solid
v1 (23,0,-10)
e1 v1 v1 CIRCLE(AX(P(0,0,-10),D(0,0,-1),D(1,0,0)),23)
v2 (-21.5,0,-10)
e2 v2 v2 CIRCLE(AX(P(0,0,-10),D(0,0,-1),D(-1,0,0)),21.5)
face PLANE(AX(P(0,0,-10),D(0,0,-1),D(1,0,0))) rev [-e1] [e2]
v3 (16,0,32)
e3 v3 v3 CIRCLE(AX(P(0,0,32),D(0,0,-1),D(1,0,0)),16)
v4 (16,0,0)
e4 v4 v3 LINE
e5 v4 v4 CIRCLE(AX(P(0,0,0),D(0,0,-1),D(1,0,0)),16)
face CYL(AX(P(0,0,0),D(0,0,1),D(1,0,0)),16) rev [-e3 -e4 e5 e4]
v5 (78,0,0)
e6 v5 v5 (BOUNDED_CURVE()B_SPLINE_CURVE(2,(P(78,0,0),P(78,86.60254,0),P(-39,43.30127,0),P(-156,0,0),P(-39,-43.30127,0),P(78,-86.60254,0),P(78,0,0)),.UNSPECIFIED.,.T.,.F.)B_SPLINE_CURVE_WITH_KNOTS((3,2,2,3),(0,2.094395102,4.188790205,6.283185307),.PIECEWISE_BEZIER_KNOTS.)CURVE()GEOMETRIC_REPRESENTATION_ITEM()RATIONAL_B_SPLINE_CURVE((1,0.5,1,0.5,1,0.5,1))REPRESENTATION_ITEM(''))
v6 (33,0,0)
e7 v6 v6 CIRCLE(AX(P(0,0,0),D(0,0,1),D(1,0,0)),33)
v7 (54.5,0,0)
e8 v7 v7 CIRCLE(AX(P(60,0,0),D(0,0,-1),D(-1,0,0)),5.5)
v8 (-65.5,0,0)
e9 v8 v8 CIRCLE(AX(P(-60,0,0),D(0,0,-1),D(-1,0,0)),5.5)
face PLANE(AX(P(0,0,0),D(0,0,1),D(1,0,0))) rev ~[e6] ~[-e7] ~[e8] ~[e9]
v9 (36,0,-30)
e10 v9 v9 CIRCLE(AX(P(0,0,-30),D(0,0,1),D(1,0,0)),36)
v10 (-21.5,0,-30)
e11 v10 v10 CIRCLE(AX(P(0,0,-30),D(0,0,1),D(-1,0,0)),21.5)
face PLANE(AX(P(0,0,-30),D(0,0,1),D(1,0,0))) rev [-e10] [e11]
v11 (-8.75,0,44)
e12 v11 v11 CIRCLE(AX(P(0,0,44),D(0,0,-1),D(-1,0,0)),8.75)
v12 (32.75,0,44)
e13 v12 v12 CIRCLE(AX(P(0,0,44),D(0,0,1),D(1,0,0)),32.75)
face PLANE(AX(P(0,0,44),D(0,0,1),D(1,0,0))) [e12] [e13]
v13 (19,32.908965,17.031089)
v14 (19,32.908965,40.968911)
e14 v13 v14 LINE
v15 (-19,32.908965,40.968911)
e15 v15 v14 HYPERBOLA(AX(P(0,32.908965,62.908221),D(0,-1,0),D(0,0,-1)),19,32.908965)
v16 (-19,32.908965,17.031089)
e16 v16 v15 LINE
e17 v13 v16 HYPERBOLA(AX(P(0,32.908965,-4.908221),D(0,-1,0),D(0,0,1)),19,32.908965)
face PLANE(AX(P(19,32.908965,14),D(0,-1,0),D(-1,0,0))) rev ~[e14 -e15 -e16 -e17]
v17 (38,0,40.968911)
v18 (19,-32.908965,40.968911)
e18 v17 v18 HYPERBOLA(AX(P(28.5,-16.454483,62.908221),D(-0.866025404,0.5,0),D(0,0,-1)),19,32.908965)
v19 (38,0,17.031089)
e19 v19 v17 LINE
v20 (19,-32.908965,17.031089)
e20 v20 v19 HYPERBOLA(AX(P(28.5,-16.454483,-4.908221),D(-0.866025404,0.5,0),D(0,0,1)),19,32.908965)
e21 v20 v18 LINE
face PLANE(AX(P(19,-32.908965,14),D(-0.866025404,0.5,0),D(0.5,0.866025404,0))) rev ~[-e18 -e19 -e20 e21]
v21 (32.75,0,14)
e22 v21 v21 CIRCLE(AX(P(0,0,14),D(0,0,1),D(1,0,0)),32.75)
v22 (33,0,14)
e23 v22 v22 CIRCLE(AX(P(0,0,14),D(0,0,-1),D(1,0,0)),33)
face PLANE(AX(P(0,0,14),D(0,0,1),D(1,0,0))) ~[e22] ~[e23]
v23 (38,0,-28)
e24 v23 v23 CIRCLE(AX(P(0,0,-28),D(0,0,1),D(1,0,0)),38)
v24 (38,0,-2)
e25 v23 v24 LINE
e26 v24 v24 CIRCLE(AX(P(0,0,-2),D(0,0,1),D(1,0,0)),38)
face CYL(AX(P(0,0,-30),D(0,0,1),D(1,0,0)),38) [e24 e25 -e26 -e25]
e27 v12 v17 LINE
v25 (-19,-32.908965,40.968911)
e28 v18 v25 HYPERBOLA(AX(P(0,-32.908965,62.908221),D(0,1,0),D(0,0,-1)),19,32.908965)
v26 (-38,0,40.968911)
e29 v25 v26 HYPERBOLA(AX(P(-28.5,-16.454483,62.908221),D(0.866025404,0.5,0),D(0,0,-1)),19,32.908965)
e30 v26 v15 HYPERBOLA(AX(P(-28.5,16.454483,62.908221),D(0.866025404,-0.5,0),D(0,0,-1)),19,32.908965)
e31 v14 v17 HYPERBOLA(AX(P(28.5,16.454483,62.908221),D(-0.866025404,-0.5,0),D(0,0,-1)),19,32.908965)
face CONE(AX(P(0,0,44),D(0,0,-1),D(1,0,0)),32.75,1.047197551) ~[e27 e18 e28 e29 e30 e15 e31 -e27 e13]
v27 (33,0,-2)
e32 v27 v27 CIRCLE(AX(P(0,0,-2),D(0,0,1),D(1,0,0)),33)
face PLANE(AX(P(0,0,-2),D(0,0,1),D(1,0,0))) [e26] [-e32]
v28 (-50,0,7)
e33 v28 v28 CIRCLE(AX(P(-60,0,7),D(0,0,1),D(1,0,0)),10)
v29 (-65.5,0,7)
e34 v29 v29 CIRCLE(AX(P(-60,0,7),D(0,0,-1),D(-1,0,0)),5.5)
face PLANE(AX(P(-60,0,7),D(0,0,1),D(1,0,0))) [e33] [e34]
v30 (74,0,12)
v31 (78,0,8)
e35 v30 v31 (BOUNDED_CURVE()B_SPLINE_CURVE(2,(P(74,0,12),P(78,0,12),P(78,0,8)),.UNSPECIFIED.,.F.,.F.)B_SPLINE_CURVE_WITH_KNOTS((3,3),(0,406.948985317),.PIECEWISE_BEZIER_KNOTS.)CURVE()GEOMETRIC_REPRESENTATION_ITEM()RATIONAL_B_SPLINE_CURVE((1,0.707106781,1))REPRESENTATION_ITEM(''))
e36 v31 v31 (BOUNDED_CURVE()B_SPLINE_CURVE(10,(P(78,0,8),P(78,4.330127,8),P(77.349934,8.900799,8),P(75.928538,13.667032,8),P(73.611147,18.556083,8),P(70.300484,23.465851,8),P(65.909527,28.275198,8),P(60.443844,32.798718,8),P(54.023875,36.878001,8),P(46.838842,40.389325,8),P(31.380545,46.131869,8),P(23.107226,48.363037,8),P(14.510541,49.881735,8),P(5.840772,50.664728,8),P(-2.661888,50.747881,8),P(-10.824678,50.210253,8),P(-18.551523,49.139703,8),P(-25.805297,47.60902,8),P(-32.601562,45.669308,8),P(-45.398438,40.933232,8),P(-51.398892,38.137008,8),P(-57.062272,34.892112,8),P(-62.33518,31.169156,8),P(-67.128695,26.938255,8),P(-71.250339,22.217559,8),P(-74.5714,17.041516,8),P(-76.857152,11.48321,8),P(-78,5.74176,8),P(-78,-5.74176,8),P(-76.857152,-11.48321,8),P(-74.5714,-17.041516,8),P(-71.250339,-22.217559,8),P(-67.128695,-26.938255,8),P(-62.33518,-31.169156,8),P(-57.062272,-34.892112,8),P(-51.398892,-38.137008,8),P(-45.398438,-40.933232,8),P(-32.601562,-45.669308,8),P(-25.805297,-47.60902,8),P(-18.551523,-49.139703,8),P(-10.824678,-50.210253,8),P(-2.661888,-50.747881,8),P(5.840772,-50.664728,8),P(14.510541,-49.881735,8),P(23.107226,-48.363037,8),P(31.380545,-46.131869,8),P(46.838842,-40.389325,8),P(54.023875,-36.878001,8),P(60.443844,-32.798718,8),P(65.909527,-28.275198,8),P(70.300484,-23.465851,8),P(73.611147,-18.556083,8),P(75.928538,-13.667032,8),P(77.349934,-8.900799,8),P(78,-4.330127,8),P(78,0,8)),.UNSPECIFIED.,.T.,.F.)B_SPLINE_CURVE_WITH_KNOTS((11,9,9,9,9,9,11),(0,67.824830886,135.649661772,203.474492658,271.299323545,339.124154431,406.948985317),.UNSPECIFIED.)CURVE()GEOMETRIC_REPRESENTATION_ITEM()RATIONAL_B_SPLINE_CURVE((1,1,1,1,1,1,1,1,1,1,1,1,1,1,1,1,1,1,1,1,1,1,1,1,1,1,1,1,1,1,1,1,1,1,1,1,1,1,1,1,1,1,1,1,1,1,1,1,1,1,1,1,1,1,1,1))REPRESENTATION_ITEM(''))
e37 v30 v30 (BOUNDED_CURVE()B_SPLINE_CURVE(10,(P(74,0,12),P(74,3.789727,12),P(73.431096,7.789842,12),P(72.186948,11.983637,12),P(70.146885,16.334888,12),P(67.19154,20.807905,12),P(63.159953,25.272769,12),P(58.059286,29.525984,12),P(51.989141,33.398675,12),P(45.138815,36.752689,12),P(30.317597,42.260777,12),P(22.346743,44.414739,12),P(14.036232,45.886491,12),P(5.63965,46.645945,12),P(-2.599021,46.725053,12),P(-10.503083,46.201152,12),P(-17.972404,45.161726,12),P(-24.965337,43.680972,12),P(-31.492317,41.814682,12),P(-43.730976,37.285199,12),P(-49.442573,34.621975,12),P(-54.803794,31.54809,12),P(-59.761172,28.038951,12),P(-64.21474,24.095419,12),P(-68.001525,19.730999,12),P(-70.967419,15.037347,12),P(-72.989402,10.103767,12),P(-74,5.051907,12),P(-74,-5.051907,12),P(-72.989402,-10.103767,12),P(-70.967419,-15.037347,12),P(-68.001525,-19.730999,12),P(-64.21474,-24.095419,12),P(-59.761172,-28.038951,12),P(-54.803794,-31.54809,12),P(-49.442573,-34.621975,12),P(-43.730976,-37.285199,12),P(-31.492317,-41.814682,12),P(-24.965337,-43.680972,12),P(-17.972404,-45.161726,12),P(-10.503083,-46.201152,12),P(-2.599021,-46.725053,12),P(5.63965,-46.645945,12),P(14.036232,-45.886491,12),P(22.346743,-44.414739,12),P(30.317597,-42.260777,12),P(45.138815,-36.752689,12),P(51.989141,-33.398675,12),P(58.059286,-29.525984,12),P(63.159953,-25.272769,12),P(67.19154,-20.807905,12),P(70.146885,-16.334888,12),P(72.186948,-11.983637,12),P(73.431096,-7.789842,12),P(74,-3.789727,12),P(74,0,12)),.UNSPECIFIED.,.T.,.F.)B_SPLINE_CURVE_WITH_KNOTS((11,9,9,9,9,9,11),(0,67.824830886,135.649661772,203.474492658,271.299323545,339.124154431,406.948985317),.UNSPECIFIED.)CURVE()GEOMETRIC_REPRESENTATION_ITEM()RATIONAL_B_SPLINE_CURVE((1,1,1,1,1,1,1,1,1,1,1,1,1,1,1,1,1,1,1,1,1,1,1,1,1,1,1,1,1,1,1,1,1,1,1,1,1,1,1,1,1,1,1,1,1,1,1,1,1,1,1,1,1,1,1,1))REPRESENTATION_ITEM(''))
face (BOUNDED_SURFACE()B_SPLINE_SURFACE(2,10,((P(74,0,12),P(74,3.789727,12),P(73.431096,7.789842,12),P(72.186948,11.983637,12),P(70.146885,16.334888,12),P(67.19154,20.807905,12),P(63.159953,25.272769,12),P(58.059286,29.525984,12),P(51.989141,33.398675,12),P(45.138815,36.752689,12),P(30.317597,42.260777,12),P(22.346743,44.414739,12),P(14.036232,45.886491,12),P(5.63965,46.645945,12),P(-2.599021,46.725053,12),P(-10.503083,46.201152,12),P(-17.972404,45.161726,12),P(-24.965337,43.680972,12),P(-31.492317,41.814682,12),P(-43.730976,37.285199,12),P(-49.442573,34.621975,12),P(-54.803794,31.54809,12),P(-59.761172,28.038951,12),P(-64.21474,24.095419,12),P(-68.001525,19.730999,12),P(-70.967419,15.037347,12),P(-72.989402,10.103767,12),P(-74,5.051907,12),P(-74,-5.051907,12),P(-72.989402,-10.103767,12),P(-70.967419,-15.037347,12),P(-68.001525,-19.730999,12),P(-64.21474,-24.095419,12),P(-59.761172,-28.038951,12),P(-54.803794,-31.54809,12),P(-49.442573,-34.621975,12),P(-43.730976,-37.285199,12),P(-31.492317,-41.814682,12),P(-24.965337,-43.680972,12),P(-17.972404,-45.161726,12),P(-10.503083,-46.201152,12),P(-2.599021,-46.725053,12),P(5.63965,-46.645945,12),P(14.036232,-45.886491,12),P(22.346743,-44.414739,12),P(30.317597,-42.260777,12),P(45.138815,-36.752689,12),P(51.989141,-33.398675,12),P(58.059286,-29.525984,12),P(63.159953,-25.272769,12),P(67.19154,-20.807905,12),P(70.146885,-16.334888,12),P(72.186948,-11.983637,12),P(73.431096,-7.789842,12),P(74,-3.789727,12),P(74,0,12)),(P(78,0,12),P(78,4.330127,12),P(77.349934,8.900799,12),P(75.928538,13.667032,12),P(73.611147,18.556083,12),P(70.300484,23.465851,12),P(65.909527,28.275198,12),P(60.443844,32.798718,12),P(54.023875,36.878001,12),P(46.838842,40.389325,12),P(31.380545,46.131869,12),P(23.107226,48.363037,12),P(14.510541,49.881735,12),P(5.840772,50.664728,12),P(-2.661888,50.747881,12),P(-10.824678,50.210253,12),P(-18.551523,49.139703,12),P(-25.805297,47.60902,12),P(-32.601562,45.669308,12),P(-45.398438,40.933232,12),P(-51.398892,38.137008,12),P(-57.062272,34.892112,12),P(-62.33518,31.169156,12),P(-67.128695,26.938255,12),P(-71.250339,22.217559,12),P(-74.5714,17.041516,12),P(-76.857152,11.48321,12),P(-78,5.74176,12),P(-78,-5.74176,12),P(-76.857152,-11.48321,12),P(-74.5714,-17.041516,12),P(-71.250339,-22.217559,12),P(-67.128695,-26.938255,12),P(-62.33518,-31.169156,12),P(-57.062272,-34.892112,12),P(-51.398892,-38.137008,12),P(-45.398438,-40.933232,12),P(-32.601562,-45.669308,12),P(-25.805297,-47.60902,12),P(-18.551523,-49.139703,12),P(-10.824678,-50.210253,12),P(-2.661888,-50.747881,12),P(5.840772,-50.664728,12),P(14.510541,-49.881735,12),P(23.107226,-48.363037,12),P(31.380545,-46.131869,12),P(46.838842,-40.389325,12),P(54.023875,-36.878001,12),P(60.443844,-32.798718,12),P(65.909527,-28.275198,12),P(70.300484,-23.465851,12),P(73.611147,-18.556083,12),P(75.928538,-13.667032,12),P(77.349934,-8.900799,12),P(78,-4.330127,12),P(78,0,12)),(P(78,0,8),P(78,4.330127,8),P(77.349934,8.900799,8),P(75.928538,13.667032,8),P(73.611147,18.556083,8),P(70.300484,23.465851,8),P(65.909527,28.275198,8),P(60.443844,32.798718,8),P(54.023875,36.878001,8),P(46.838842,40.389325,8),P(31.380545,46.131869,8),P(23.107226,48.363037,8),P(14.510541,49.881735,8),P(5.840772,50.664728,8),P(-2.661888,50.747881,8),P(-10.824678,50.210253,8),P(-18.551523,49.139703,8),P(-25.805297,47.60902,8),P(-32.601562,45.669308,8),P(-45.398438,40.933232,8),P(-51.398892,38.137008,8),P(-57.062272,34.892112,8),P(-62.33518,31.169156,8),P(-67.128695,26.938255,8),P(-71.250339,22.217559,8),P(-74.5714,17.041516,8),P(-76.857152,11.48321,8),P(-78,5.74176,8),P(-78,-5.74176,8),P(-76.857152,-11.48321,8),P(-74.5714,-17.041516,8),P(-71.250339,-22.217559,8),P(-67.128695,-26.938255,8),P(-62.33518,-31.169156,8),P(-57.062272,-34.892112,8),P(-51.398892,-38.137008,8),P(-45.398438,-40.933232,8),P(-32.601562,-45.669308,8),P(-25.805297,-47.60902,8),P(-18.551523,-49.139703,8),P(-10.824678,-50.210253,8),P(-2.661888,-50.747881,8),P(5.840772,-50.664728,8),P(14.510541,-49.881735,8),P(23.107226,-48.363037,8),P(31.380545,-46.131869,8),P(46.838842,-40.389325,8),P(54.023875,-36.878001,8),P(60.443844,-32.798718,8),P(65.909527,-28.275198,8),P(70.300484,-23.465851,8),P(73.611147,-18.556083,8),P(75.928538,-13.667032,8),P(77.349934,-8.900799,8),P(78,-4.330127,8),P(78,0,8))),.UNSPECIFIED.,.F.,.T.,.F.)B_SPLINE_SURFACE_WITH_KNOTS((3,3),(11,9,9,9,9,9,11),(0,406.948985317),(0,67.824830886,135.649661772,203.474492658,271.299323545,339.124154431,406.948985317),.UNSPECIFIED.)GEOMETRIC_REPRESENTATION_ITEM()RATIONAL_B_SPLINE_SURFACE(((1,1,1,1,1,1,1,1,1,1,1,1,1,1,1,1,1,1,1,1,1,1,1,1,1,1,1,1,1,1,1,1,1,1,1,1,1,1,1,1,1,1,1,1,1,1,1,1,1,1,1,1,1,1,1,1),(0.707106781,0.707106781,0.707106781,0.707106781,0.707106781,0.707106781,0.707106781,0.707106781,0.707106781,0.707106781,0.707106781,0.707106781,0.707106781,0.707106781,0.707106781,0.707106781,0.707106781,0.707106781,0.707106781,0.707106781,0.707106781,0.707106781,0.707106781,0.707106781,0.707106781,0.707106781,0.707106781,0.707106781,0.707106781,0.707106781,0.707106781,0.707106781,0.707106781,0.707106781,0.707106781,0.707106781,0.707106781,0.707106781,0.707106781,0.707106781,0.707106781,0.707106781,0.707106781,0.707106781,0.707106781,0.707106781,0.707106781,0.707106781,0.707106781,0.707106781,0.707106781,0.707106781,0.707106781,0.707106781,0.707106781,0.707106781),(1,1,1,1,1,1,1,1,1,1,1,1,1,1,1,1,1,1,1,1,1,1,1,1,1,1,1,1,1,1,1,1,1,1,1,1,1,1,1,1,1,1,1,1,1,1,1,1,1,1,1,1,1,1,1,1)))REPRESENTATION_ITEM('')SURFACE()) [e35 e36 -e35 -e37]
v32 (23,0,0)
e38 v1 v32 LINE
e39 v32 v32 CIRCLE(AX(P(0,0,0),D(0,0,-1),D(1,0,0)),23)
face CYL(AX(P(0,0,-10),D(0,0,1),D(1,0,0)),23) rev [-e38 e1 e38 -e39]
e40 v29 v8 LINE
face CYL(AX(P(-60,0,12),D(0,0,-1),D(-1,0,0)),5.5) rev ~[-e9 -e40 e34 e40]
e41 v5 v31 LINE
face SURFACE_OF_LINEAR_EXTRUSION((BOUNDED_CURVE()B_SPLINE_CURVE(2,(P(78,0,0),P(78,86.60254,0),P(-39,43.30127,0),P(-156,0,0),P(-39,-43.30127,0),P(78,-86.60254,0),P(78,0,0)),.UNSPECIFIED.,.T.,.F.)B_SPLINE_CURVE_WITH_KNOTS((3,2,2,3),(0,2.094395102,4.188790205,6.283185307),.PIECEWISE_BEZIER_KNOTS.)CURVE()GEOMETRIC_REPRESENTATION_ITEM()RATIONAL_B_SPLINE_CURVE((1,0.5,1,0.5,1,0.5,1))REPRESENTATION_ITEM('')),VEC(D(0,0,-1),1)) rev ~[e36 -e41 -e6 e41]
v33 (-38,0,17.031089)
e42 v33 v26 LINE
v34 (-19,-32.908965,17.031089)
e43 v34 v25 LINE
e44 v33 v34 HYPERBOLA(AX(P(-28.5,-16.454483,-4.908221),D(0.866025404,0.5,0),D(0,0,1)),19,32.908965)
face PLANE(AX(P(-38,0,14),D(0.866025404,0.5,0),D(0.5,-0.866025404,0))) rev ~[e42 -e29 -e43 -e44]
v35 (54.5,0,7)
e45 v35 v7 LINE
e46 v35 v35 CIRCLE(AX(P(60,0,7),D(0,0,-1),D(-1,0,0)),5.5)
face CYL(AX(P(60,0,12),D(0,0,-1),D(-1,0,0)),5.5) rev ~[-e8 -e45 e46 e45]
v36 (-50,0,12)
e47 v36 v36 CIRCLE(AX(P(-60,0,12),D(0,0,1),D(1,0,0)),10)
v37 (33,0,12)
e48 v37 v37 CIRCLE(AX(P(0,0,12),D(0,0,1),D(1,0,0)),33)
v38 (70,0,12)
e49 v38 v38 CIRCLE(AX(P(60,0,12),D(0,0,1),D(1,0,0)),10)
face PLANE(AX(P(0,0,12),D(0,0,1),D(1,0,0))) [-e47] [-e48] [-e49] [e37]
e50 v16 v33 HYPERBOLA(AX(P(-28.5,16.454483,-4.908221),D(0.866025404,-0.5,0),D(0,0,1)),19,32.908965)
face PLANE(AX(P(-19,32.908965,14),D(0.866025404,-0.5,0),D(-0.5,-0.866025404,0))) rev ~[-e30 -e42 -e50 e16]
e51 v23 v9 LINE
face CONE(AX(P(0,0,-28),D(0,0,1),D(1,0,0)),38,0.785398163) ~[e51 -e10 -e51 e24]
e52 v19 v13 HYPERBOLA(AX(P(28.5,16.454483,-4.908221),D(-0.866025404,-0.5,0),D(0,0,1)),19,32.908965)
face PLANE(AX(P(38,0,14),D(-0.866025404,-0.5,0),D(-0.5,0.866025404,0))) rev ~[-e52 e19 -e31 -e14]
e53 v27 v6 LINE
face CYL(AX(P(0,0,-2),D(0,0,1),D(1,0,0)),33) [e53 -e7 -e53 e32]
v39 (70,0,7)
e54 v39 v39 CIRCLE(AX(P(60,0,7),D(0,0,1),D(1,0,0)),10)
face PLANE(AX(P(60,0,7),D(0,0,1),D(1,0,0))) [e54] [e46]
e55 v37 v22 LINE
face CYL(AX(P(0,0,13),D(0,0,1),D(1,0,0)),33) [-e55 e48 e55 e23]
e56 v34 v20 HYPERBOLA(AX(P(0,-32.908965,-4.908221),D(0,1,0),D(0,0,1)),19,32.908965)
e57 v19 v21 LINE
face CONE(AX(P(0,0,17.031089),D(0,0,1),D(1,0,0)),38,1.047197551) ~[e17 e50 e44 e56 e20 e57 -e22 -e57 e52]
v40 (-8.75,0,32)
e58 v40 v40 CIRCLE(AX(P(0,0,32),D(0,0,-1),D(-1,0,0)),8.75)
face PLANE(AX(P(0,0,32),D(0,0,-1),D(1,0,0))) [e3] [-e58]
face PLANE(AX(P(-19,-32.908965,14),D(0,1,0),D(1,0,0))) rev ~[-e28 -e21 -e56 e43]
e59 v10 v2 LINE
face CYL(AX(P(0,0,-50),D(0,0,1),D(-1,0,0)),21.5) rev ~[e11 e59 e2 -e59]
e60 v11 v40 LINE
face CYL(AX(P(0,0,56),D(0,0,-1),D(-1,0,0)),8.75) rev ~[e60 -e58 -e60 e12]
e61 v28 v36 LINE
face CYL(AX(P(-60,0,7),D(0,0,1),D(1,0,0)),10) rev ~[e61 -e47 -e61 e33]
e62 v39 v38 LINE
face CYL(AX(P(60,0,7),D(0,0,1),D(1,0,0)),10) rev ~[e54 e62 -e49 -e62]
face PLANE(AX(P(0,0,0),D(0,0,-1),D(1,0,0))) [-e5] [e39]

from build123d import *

# Parameters (mm, degrees)
F1_DEPTH       = 12
F2_W           = 33
F2_H           = 2
F5_DEPTH       = 30
F7_D           = 11
F7_CBORE_D     = 20
F7_CBORE_DEPTH = 5
F11_D          = 17.5
F11_DEPTH      = 12
F11_TIP        = 5.2575304165
F13_D          = 43
F13_DEPTH      = 20
F13_TIP        = 12.9185033091
F14_R          = 4
F15_SIZE2      = 2
F15_SIZE       = 2


with BuildPart() as f1:
    # F0 (on Top) → F1 (new body)
    with BuildSketch(Plane.XY):
        with BuildLine():
            add(Edge.make_bspline(
                [(78, 0), (78, 86.6025403784), (-39, 43.3012701892), (-156, 0), (-39, -43.3012701892), (78, -86.6025403784), (78, 0)],
                knots=[0, 0, 0, 2.0943951024, 2.0943951024, 4.1887902048, 4.1887902048, 6.2831853072, 6.2831853072, 6.2831853072], degree=2, weights=[1, 0.5, 1, 0.5, 1, 0.5, 1]))
        make_face()
    extrude(amount=F1_DEPTH)

    # F2 (on Front) → F3 (revolve)
    with BuildSketch(Plane.XZ):
        Polygon((0, 0), (0, -30), (38, -30), (38, -2), (33, -2), (33, 0), align=None)
        with Locations((16.5, 13)):
            Rectangle(F2_W, F2_H)
    revolve(axis=Axis((0, 0, 46.2898081845), (0, 0, 1)))

    # F4 (on face) → F5 (join)
    with BuildSketch(Plane.XY.offset(14)):
        Polygon((38, 0), (19, 32.9089653438), (-19, 32.9089653438), (-38, 0), (-19, -32.9089653438), (19, -32.9089653438), align=None)
    extrude(amount=F5_DEPTH)

    # F7 (through all)
    with Locations(Plane.XY.offset(12)):
        with Locations((-60, 0), (60, 0)):
            CounterBoreHole(F7_D / 2, F7_CBORE_D / 2, F7_CBORE_DEPTH)

    # F8 (on Front) → F9 (revolve, cut)
    with BuildSketch(Plane.XZ):
        Polygon((16, 32), (0, 32), (0, -10), (23, -10), (23, 0), (16, 0), align=None)
    revolve(axis=Axis((0, 0, 27.1871145815), (0, 0, -1)), mode=Mode.SUBTRACT)

    # F11
    with Locations(Plane.XY.offset(44)):
        with Locations((0, 0)):
            Hole(F11_D / 2, depth=F11_DEPTH)
            with Locations((0, 0, -(F11_DEPTH + F11_TIP / 2))):  # 118° drill point
                Cone(0, F11_D / 2, F11_TIP, mode=Mode.SUBTRACT)

    # F13
    with Locations(Plane(origin=(0, 0, -30), x_dir=(1, 0, 0), z_dir=(0, 0, -1))):
        with Locations((0, 0)):
            Hole(F13_D / 2, depth=F13_DEPTH)
            with Locations((0, 0, -(F13_DEPTH + F13_TIP / 2))):  # 118° drill point
                Cone(0, F13_D / 2, F13_TIP, mode=Mode.SUBTRACT)

    # F14
    f14_edges = [f1.edges().sort_by_distance(p)[0] for p in [
        (-78, 0, 12),
    ]]
    fillet(f14_edges, radius=F14_R)

    # F15
    f15_edges = [f1.edges().sort_by_distance(p)[0] for p in [
        (-38, 0, -30),
    ]]
    chamfer(f15_edges, length=F15_SIZE, length2=F15_SIZE2)

    # F16 (on Front) → F17 (revolve, cut)
    with BuildSketch(Plane.XZ):
        Polygon((38, 44), (32.75, 44), (38, 40.9689110868), align=None)
        Polygon((38, 17.0310889132), (32.75, 14), (38, 14), align=None)
    revolve(axis=Axis((0, 0, 17.0408003032), (0, 0, 1)), mode=Mode.SUBTRACT)


solid = f1.part
